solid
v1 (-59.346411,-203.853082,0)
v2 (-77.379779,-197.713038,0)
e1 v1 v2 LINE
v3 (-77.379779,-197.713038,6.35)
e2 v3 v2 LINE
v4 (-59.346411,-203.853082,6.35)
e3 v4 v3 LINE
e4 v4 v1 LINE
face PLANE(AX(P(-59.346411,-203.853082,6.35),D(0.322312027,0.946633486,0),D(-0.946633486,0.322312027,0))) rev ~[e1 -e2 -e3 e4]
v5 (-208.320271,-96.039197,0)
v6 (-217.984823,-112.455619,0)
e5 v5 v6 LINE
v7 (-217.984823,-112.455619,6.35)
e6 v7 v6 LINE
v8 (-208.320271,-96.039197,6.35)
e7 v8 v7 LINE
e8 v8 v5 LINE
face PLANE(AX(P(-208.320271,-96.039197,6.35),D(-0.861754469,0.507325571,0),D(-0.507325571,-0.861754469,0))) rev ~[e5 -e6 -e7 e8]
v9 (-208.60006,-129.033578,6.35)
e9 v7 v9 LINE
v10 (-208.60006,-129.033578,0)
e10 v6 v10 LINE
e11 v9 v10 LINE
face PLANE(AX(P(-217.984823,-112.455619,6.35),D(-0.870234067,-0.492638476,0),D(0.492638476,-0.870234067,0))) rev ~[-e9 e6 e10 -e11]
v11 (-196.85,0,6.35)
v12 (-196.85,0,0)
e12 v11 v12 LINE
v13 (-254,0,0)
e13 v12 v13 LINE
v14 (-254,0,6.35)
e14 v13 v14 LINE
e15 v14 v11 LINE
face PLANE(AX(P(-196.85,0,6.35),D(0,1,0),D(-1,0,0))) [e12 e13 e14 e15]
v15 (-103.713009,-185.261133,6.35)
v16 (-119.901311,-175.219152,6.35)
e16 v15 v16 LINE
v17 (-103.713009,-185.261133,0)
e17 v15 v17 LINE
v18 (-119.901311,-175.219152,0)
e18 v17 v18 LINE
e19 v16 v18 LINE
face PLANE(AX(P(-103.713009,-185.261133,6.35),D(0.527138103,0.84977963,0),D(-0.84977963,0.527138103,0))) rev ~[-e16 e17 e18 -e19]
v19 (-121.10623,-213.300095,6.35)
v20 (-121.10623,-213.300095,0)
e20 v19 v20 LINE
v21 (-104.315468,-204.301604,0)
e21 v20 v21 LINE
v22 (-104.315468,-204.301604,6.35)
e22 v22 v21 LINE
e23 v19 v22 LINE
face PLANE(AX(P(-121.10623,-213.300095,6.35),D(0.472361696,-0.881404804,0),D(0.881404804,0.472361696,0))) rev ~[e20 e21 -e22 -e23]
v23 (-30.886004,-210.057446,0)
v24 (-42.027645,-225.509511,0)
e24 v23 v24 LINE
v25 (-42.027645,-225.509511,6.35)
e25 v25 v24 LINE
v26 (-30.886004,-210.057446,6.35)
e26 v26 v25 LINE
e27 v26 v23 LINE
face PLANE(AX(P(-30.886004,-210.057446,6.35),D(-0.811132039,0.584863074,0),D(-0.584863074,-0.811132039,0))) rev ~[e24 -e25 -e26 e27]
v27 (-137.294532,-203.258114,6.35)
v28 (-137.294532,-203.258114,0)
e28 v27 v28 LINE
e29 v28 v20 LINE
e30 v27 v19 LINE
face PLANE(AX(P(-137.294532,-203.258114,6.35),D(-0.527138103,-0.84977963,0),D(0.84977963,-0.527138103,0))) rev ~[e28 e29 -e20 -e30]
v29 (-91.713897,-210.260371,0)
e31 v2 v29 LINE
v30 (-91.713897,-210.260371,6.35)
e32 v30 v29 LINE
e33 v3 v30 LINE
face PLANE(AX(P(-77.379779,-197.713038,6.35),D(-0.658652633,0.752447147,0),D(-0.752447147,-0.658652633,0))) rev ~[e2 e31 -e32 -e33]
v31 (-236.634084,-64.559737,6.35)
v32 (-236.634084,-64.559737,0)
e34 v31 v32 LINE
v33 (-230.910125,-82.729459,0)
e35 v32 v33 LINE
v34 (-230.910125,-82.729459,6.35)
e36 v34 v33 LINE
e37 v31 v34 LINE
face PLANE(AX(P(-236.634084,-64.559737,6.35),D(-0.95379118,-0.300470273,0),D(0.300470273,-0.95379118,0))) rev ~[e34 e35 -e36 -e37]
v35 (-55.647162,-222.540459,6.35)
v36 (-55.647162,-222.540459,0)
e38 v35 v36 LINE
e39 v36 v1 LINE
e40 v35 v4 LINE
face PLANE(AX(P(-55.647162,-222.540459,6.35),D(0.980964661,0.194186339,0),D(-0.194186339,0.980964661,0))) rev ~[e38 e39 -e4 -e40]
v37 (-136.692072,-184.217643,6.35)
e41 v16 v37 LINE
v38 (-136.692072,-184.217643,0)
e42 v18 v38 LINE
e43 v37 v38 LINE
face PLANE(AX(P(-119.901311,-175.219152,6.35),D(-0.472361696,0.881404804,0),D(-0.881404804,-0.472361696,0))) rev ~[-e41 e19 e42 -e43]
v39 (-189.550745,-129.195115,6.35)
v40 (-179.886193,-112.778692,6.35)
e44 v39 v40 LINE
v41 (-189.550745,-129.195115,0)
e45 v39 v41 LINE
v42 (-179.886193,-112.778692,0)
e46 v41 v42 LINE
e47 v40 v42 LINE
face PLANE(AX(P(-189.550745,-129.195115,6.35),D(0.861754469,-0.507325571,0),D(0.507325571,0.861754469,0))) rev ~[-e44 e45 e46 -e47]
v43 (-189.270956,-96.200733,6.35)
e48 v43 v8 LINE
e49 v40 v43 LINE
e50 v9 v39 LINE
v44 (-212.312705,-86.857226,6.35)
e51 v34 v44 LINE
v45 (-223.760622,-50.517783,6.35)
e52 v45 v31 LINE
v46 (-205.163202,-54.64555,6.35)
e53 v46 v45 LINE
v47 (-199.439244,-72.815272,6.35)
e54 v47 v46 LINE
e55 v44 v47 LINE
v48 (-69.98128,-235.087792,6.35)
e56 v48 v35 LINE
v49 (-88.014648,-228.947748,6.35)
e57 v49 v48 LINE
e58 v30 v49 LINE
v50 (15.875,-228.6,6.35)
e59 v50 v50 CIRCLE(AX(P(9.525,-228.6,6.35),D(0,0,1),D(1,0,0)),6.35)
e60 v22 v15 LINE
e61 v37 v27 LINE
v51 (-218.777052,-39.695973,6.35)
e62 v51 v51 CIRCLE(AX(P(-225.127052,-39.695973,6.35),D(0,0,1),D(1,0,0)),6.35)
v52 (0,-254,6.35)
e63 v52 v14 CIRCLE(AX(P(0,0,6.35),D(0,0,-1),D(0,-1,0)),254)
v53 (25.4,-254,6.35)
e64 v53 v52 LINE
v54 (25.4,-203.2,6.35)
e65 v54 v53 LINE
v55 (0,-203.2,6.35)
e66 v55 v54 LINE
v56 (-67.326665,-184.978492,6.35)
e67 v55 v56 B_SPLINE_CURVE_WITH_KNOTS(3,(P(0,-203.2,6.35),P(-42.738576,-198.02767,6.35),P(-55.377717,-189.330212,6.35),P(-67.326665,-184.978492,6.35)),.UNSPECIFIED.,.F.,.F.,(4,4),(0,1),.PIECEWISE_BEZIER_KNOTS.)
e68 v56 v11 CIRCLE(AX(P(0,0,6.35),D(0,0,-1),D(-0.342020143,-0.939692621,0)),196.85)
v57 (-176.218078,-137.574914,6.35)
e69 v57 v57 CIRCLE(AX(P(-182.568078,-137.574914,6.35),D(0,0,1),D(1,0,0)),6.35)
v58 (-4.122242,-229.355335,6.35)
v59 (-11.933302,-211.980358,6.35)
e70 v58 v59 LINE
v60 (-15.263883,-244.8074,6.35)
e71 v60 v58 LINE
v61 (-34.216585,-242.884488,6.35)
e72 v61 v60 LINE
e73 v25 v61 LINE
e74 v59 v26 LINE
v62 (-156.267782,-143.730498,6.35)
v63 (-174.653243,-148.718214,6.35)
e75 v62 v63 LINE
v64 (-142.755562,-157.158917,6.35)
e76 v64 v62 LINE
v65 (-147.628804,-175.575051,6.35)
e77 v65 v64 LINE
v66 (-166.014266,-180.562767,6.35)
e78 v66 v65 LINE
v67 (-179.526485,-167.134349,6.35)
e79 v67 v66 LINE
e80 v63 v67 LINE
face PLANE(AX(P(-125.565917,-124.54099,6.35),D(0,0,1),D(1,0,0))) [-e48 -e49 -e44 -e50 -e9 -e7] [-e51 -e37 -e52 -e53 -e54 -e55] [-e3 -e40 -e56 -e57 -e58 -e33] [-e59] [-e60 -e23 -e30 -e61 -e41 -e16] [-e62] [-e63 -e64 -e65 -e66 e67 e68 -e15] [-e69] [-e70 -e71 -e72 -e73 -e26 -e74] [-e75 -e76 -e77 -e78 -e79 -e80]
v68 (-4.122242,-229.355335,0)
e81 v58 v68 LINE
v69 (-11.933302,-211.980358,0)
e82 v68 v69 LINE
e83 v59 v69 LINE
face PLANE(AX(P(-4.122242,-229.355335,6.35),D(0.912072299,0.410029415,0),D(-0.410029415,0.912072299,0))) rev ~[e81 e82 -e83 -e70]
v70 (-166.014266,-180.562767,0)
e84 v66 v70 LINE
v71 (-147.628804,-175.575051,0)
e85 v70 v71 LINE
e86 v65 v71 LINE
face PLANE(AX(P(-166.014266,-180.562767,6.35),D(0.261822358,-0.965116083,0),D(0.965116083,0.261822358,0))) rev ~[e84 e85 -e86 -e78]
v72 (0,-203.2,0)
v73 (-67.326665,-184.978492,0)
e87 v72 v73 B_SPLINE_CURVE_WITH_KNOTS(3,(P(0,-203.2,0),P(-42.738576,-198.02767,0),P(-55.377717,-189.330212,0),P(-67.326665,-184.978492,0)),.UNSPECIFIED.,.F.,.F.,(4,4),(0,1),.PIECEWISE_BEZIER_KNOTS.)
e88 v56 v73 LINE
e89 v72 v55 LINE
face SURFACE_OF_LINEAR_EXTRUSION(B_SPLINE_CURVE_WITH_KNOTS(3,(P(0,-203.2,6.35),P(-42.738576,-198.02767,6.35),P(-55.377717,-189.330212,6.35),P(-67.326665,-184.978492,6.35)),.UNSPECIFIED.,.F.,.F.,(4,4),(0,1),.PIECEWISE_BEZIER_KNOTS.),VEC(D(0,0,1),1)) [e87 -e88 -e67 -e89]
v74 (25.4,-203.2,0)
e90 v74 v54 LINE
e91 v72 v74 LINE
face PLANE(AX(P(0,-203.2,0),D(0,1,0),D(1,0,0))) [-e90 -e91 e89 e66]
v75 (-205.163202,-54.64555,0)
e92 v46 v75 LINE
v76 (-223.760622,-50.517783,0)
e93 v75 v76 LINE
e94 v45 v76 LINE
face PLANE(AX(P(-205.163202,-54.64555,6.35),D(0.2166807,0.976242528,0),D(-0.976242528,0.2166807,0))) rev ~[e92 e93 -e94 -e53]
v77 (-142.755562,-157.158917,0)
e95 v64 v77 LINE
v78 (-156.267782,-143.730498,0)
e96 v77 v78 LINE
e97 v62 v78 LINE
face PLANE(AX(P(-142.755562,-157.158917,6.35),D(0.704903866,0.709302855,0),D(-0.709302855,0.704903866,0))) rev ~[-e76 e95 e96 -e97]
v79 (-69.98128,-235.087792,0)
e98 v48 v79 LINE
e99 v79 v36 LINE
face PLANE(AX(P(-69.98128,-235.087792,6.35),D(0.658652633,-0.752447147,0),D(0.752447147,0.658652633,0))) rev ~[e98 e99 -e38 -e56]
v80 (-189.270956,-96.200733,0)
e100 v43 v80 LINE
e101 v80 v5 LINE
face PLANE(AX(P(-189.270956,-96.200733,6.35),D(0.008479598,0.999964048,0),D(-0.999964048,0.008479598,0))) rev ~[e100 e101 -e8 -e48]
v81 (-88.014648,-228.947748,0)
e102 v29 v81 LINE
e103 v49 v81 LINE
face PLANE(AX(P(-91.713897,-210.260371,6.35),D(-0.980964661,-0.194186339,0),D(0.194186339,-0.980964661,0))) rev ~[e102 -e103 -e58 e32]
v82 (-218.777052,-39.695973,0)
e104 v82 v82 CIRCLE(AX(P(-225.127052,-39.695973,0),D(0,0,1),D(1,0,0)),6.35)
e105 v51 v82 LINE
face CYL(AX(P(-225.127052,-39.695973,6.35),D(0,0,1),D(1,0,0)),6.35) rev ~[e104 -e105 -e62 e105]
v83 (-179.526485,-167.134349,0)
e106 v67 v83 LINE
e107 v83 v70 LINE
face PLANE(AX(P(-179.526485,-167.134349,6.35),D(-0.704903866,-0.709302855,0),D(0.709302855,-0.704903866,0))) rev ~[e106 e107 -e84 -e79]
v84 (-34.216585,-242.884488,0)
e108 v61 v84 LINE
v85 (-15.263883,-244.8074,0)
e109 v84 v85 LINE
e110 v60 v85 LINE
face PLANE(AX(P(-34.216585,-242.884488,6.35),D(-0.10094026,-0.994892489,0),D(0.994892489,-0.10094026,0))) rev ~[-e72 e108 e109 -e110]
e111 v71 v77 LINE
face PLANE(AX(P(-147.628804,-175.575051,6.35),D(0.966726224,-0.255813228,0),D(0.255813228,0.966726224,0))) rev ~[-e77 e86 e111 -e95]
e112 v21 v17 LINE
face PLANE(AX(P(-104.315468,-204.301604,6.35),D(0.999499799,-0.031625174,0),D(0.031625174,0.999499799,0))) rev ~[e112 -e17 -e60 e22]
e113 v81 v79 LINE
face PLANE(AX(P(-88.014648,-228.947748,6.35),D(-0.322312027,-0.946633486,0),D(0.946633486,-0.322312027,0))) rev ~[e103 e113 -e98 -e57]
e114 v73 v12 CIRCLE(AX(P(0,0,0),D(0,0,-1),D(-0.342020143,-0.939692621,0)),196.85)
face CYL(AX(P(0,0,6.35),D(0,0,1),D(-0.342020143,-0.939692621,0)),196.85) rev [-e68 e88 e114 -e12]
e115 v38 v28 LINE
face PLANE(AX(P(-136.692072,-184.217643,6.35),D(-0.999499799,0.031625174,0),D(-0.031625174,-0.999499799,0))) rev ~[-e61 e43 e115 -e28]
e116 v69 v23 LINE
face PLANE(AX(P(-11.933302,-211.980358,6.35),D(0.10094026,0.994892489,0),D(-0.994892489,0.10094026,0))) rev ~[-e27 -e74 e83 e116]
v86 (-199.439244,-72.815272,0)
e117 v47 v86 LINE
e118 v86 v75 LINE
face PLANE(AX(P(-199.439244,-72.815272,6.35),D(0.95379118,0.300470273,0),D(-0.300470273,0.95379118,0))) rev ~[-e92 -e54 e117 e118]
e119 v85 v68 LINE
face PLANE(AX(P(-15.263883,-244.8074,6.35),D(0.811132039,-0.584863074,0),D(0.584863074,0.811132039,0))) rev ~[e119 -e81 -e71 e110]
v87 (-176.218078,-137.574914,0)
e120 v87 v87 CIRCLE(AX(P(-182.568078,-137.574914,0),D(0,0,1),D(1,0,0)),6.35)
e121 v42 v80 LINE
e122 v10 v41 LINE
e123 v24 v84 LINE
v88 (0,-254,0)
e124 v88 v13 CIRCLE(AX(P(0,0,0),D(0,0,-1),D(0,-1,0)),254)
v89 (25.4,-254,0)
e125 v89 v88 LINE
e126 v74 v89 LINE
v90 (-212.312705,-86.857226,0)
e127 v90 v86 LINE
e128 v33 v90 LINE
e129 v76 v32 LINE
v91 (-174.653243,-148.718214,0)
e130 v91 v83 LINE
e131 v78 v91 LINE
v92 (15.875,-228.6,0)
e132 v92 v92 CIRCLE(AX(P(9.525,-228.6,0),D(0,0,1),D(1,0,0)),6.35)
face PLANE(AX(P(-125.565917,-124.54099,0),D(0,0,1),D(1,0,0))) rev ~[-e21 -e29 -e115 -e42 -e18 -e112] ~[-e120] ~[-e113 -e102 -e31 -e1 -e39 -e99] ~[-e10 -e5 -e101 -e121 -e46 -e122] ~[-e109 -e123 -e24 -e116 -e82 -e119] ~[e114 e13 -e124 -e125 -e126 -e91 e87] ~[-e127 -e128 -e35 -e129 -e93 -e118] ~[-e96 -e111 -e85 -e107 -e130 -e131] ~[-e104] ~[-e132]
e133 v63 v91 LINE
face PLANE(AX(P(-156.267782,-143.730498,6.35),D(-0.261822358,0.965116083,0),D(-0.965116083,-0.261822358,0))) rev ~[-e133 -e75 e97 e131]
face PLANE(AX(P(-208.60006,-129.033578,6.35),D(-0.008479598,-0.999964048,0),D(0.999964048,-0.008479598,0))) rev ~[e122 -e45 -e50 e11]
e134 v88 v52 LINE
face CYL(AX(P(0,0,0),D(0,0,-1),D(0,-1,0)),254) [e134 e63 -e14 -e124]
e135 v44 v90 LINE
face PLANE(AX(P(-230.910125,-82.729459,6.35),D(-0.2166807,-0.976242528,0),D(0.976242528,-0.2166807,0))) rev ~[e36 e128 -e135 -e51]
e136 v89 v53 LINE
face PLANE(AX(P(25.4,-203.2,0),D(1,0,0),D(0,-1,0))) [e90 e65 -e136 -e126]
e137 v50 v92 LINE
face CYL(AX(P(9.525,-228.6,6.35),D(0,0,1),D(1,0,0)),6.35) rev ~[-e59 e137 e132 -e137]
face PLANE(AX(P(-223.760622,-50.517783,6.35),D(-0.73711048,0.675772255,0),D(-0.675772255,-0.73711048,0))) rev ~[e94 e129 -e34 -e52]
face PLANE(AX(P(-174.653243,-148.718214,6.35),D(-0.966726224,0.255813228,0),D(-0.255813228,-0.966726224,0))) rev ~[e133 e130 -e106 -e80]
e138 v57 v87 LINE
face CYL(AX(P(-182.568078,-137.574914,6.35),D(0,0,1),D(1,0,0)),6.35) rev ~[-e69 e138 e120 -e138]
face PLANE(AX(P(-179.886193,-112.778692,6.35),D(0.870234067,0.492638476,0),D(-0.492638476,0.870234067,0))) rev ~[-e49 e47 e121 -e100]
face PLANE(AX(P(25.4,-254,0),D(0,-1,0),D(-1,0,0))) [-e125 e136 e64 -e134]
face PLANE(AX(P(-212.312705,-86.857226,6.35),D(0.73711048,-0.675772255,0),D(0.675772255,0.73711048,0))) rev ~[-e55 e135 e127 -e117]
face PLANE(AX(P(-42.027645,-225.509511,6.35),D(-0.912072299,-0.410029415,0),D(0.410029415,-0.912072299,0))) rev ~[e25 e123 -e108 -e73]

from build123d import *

# Parameters (mm, degrees)
BOSS_EXTRUDE1_DEPTH = 6.35
CUT_EXTRUDE1_REACH  = 8.35
SKETCH3_R           = 6.35
CUT_EXTRUDE2_REACH  = 8.35
SKETCH4_R           = 6.35
BOSS_EXTRUDE2_DEPTH = 6.35
CUT_EXTRUDE4_DEPTH  = 7.3500001


with BuildPart() as part:
    # Sketch1 → Boss-Extrude1 (new body)
    with BuildSketch(Plane.XY):
        with BuildLine():
            Line((0, -203.2), (25.4, -203.2))
            Line((25.4, -203.2), (25.4, -254))
            Line((25.4, -254), (0, -254))
            ThreePointArc((0, -254), (-179.605122421, -179.605122421), (-254, 0))
            Line((-254, 0), (-203.2, 0))
            ThreePointArc((-203.2, 0), (-143.684097937, -143.684097937), (0, -203.2))
        make_face()
    extrude(amount=BOSS_EXTRUDE1_DEPTH)

    # Sketch3 → Cut-Extrude1 (cut, up to next)
    with BuildSketch(Plane.XY.offset(6.35), mode=Mode.PRIVATE) as cut_extrude1_sk1:
        with Locations((-182.568077597, -137.574914293)):
            Circle(SKETCH3_R)
    cut_extrude1_tool1 = extrude(cut_extrude1_sk1.sketch, amount=-CUT_EXTRUDE1_REACH, mode=Mode.PRIVATE) & part.part
    add(cut_extrude1_tool1.solids().sort_by_distance((-182.568078, -137.574914, 6.35))[0], mode=Mode.SUBTRACT)
    # Sketch3 → Cut-Extrude1 (cut, up to next)
    with BuildSketch(Plane.XY.offset(6.35), mode=Mode.PRIVATE) as cut_extrude1_sk2:
        with Locations((-225.127052339, -39.695973415)):
            Circle(SKETCH3_R)
    cut_extrude1_tool2 = extrude(cut_extrude1_sk2.sketch, amount=-CUT_EXTRUDE1_REACH, mode=Mode.PRIVATE) & part.part
    add(cut_extrude1_tool2.solids().sort_by_distance((-225.127052, -39.695973, 6.35))[0], mode=Mode.SUBTRACT)

    # Sketch4 → Cut-Extrude2 (cut, up to next)
    with BuildSketch(Plane.XY.offset(6.35), mode=Mode.PRIVATE) as cut_extrude2_sk1:
        with Locations((9.525, -228.6)):
            Circle(SKETCH4_R)
    cut_extrude2_tool1 = extrude(cut_extrude2_sk1.sketch, amount=-CUT_EXTRUDE2_REACH, mode=Mode.PRIVATE) & part.part
    add(cut_extrude2_tool1.solids().sort_by_distance((9.525, -228.6, 6.35))[0], mode=Mode.SUBTRACT)

    # Sketch5 → Boss-Extrude2 (add)
    with BuildSketch(Plane.XY.offset(6.35)):
        with BuildLine():
            Line((-196.85, 0), (-203.2, 0))
            ThreePointArc((-203.2, 0), (-143.684097937, -143.684097937), (0, -203.2))
            add(Edge.make_bspline(
                [(0, -203.2), (-42.738576364, -198.027670234), (-55.377716847, -189.330212239), (-67.326665214, -184.978492402)],
                knots=[0, 0, 0, 0, 1, 1, 1, 1], degree=3))
            ThreePointArc((-67.326665214, -184.978492402), (-161.250079918, -112.908521496), (-196.85, 0))
        make_face()
    extrude(amount=-BOSS_EXTRUDE2_DEPTH)

    # Sketch8 → Cut-Extrude4 (cut, through all)
    with BuildSketch(Plane.XY.offset(6.35)):
        Polygon((-189.550744798, -129.195114639), (-179.886192663, -112.778692007), (-189.270955635, -96.200733026), (-208.320270741, -96.039196678), (-217.984822875, -112.45561931), (-208.600059904, -129.033578291), align=None)
        Polygon((-212.312705004, -86.857226492), (-199.439243548, -72.815271852), (-205.163202257, -54.645549875), (-223.760622423, -50.51778254), (-236.634083879, -64.559737181), (-230.91012517, -82.729459157), align=None)
        Polygon((-147.628804374, -175.575051243), (-142.755562385, -157.158916673), (-156.267781768, -143.730498026), (-174.65324314, -148.71821395), (-179.526485129, -167.134348521), (-166.014265746, -180.562767167), align=None)
        Polygon((-104.315468483, -204.301604338), (-103.713008923, -185.261133166), (-119.901310879, -175.219152296), (-136.692072394, -184.217642598), (-137.294531954, -203.258113771), (-121.106229998, -213.300094641), align=None)
        Polygon((-55.647161568, -222.540459039), (-59.346411332, -203.853082252), (-77.379779242, -197.713038129), (-91.713897388, -210.260370793), (-88.014647624, -228.94774758), (-69.981279714, -235.087791703), align=None)
        Polygon((-4.122241516, -229.355334852), (-11.933301871, -211.980357553), (-30.886003779, -210.057445601), (-42.027645333, -225.509510947), (-34.216584978, -242.884488246), (-15.26388307, -244.807400198), align=None)
    extrude(amount=-CUT_EXTRUDE4_DEPTH, mode=Mode.SUBTRACT)


solid = part.part
